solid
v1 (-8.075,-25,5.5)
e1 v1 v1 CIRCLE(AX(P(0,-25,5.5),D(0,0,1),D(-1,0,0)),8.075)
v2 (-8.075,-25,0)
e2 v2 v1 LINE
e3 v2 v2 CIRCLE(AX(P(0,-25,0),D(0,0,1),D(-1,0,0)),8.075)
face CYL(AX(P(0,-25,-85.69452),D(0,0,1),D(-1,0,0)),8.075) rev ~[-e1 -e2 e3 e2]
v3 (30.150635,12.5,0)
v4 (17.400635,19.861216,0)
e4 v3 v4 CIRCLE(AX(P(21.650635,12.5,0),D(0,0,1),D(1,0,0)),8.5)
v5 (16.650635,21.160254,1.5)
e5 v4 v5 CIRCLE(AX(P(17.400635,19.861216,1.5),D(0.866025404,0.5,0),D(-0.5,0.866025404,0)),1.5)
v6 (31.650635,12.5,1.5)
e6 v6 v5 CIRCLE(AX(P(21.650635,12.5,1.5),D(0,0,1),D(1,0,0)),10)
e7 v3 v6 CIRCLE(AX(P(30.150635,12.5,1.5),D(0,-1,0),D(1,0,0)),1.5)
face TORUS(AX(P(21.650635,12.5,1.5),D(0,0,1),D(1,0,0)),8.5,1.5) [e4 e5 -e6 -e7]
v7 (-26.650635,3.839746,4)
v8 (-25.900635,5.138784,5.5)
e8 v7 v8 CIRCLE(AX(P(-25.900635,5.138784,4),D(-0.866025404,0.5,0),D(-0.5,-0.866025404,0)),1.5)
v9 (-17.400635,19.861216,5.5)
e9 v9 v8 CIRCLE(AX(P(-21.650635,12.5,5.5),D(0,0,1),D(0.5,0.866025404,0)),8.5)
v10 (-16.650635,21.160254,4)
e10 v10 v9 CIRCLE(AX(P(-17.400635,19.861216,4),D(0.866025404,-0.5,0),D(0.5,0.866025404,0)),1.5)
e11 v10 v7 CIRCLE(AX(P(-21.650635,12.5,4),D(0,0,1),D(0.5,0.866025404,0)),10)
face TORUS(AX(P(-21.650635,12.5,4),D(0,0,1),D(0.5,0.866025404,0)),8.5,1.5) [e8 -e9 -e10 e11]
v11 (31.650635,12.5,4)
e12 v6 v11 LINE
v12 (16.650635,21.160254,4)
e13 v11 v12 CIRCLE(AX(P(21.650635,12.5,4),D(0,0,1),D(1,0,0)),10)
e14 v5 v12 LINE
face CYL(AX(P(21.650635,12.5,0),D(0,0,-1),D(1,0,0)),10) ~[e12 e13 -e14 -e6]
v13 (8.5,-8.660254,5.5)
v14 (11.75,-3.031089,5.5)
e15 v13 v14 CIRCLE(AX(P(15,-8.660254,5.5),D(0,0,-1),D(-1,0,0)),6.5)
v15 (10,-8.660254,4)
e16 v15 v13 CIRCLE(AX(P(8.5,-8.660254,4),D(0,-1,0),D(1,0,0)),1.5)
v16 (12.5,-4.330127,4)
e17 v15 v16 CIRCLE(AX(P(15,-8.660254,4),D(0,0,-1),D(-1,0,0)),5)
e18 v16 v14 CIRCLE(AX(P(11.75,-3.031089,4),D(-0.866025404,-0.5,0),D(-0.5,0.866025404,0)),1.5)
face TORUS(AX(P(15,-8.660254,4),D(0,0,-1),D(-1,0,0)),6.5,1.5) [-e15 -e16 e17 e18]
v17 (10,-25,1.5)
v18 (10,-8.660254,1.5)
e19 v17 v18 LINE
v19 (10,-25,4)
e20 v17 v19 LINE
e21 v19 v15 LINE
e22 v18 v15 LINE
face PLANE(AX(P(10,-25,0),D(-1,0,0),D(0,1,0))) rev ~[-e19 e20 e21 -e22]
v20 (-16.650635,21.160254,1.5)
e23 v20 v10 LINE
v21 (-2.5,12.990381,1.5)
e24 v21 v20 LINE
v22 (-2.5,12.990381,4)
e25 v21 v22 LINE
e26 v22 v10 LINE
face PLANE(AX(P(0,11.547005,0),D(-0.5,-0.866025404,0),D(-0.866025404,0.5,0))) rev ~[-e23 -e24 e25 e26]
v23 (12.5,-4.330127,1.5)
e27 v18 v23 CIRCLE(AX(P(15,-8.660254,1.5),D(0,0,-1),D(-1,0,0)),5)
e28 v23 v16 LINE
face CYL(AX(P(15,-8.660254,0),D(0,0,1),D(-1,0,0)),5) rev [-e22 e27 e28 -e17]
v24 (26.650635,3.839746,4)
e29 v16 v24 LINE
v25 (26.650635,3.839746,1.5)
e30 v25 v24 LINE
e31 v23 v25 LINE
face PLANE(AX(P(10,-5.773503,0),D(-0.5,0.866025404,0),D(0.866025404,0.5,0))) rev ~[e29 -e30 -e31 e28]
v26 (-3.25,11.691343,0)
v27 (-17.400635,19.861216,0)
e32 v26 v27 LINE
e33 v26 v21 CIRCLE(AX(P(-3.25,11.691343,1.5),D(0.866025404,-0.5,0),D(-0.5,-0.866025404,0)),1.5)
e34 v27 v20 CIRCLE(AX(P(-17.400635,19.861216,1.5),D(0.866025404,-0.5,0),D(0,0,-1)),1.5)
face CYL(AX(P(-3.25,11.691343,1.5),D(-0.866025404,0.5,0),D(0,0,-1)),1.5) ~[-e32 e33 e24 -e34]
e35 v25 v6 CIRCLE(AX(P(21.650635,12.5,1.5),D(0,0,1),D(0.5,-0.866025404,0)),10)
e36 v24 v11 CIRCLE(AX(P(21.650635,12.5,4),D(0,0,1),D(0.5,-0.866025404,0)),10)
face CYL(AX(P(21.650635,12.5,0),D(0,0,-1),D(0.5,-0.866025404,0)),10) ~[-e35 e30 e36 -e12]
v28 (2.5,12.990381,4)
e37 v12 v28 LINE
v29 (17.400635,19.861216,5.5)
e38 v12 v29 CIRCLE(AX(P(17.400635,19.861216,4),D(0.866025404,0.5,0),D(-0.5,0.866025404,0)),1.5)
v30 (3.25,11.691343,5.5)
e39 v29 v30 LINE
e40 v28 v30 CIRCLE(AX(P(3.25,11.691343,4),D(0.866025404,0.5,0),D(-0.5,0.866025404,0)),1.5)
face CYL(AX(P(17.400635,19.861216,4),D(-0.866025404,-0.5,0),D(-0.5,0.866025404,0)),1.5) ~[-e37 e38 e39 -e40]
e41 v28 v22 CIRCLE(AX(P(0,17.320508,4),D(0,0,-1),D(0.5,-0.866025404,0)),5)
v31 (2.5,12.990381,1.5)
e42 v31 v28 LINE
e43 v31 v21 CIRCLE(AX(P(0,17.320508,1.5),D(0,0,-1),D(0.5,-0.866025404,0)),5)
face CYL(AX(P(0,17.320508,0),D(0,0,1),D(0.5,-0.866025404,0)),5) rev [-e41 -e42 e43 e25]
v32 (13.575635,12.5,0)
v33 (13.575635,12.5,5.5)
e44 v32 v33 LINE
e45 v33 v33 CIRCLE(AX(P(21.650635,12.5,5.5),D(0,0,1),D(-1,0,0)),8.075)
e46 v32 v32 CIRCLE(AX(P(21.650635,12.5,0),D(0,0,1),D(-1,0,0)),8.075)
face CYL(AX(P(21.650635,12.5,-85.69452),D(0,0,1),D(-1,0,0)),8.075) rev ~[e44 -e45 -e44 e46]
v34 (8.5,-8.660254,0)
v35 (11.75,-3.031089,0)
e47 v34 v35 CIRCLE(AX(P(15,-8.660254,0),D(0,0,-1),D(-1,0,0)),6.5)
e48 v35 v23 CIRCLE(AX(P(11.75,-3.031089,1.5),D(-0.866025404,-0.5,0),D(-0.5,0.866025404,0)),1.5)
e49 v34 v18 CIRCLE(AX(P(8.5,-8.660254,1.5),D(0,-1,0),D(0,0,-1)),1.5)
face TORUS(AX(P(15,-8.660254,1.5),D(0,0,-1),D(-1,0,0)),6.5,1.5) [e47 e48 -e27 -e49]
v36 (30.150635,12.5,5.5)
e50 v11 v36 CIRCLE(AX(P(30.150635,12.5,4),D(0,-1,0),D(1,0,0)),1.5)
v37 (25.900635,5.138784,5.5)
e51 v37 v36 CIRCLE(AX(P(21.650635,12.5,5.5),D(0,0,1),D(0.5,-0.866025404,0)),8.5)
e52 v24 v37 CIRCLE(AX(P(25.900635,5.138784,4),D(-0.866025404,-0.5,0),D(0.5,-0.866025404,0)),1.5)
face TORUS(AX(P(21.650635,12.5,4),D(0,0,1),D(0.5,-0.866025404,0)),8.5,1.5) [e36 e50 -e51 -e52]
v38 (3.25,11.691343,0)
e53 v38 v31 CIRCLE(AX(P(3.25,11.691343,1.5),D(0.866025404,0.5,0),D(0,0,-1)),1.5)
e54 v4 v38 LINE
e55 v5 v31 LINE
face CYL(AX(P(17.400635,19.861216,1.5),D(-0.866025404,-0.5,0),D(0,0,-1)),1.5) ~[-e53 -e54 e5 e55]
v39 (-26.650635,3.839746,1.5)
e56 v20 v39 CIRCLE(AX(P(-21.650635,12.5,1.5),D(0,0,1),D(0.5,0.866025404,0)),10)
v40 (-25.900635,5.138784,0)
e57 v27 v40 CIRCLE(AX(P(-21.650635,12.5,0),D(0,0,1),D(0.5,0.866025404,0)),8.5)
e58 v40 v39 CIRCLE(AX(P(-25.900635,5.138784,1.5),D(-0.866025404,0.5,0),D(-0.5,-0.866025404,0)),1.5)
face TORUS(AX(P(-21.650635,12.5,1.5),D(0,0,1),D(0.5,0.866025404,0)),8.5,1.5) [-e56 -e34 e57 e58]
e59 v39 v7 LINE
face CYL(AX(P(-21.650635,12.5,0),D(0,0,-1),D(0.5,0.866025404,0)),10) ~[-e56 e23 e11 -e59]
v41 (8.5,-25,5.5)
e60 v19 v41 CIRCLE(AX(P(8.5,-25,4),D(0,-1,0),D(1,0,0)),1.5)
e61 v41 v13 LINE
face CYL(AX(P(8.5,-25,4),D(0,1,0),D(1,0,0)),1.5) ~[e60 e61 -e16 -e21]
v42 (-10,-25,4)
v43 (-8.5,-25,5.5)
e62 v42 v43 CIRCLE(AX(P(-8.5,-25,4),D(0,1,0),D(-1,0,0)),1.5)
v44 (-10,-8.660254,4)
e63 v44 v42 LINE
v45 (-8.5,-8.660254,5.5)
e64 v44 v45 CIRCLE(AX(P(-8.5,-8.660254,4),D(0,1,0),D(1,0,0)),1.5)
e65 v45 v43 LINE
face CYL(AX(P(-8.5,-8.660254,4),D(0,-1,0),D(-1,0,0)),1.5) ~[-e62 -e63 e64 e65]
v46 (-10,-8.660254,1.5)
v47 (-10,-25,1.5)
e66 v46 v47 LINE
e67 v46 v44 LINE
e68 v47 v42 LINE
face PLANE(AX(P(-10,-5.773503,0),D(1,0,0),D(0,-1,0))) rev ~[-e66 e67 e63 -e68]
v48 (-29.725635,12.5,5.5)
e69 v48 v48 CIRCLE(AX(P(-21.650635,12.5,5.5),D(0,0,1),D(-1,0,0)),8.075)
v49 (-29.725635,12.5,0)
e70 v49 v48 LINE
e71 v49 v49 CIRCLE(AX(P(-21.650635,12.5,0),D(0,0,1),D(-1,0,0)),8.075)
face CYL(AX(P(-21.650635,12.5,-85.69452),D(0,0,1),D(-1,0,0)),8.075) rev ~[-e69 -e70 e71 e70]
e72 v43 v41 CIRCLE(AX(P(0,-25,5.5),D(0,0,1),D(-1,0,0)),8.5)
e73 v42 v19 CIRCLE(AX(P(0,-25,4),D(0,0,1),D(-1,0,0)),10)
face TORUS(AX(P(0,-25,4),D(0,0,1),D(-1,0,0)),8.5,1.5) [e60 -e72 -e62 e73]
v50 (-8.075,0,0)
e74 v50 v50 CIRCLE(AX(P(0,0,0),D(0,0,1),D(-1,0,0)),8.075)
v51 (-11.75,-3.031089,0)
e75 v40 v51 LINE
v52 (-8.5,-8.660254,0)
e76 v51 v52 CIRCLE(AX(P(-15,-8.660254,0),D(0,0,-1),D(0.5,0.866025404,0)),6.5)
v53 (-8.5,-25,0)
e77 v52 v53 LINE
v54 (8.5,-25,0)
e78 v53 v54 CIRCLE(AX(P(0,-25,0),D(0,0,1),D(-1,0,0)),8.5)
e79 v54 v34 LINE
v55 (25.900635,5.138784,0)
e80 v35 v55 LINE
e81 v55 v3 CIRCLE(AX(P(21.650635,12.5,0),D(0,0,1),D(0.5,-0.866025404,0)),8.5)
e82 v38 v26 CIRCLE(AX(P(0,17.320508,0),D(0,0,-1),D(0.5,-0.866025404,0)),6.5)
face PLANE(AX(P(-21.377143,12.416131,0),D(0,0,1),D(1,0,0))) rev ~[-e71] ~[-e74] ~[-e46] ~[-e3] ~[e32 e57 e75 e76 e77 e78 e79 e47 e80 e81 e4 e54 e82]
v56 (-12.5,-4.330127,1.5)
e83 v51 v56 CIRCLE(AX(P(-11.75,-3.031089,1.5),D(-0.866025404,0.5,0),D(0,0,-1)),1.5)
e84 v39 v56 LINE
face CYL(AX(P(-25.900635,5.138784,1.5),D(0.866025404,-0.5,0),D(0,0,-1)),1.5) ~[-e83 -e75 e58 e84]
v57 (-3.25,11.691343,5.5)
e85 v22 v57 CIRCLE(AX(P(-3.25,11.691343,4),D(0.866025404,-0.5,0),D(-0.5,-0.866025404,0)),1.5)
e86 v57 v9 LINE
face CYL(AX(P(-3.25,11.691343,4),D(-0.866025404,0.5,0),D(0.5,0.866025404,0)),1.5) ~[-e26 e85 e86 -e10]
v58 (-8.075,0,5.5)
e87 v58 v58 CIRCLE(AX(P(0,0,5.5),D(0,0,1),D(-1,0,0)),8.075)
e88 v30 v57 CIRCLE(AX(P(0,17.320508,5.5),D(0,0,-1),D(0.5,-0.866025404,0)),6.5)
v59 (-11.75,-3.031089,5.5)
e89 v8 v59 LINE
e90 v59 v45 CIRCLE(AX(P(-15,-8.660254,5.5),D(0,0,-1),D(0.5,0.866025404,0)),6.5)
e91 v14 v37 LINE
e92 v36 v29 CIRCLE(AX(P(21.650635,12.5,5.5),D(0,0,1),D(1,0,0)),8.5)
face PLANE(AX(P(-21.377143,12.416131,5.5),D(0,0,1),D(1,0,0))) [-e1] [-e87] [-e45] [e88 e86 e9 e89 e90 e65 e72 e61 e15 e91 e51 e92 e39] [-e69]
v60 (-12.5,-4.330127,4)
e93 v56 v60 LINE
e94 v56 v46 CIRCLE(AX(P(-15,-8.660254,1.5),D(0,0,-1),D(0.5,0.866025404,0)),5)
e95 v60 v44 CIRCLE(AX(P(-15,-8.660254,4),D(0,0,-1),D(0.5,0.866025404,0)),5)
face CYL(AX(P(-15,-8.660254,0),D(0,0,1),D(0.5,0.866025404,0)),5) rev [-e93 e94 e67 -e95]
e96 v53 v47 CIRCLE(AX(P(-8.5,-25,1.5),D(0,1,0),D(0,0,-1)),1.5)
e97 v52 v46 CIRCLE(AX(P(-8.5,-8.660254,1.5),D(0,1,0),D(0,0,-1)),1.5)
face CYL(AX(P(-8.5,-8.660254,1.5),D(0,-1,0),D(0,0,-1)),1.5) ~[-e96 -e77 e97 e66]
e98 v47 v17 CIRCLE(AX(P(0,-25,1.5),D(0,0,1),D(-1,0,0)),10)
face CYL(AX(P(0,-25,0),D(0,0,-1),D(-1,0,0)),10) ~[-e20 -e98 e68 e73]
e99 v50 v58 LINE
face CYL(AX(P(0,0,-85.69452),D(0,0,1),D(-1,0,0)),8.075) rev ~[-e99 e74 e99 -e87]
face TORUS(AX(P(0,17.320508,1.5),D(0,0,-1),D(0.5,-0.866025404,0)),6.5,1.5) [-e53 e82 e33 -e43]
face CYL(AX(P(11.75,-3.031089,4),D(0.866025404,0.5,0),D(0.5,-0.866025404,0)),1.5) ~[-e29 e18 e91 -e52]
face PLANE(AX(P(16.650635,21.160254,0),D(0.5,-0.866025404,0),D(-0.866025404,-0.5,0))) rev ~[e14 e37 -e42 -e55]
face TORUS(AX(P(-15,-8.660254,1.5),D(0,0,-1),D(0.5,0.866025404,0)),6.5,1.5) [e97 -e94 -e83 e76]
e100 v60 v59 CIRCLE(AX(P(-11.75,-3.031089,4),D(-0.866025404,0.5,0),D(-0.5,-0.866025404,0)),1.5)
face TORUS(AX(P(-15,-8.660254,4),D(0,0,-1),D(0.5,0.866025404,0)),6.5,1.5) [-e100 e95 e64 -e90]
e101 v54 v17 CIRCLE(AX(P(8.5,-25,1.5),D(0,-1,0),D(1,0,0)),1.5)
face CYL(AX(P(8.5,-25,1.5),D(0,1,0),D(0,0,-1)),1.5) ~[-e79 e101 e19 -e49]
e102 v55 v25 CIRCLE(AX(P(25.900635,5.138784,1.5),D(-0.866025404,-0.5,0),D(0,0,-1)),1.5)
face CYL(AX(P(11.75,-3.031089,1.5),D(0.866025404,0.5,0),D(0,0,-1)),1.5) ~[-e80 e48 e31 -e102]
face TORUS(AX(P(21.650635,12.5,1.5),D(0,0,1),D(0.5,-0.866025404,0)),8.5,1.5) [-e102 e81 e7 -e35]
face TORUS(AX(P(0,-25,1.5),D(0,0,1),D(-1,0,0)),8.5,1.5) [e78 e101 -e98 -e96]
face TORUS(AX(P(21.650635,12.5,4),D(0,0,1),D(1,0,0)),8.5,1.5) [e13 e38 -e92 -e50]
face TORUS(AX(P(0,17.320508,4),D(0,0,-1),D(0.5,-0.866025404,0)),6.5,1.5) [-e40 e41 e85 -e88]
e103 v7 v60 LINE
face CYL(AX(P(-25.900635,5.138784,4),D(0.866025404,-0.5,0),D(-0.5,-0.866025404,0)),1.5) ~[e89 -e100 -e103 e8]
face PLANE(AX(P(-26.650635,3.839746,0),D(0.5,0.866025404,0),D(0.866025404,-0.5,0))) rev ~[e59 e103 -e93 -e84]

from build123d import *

# Parameters (mm, degrees)
F2_DEPTH = 5.5
F3_R     = 5
F4_D     = 16.15
F5_R     = 1.5


with BuildPart() as f2:
    # F1 (on Top) → F2 (new body)
    with BuildSketch(Plane.XY):
        with BuildLine():
            ThreePointArc((-26.6506350946, 3.8397459622), (-16.6506350946, 3.8397459622), (-11.6506350946, 12.5))
            ThreePointArc((-11.6506350946, 12.5), (-12.9903810568, 17.5), (-16.6506350946, 21.1602540378))
            ThreePointArc((-16.6506350946, 21.1602540378), (-30.3108891325, 17.5), (-26.6506350946, 3.8397459622))
        make_face()
        with BuildLine():
            ThreePointArc((-16.6506350946, 21.1602540378), (-12.9903810568, 17.5), (-11.6506350946, 12.5))
            ThreePointArc((-11.6506350946, 12.5), (-16.6506350946, 3.8397459622), (-26.6506350946, 3.8397459622))
            Line((-26.6506350946, 3.8397459622), (-10, -5.7735026919))
            Line((-10, -5.7735026919), (-10, -25))
            ThreePointArc((-10, -25), (0, -15), (10, -25))
            Line((10, -25), (10, -5.7735026919))
            Line((10, -5.7735026919), (26.6506350946, 3.8397459622))
            ThreePointArc((26.6506350946, 3.8397459622), (12.9903810568, 7.5), (16.6506350946, 21.1602540378))
            Line((16.6506350946, 21.1602540378), (0, 11.5470053838))
            Line((0, 11.5470053838), (-16.6506350946, 21.1602540378))
        make_face()
        with BuildLine():
            ThreePointArc((31.6506350946, 12.5), (26.6506350946, 21.1602540378), (16.6506350946, 21.1602540378))
            ThreePointArc((16.6506350946, 21.1602540378), (12.9903810568, 7.5), (26.6506350946, 3.8397459622))
            ThreePointArc((26.6506350946, 3.8397459622), (30.3108891325, 7.5), (31.6506350946, 12.5))
        make_face()
        with BuildLine():
            ThreePointArc((10, -25), (0, -15), (-10, -25))
            ThreePointArc((-10, -25), (0, -35), (10, -25))
        make_face()
    extrude(amount=F2_DEPTH)

    # F3
    f3_edges = [f2.edges().sort_by_distance(p)[0] for p in [
        (-10, -5.773503, 2.75),
        (10, -5.773503, 2.75),
        (0, 11.547005, 2.75),
    ]]
    fillet(f3_edges, radius=F3_R)

    # F4 (through all)
    with Locations(Plane(origin=(0, 0, 0), x_dir=(1, 0, 0), z_dir=(0, 0, -1))):
        with Locations((0, 25), (-21.6506350946, -12.5), (21.6506350946, -12.5), (0, 0)):
            Hole(F4_D / 2)

    # F5
    f5_edges = [f2.edges().sort_by_distance(p)[0] for p in [
        (-19.575318, -0.245191, 5.5),
        (-10, -16.830127, 0),
    ]]
    fillet(f5_edges, radius=F5_R)


solid = f2.part
